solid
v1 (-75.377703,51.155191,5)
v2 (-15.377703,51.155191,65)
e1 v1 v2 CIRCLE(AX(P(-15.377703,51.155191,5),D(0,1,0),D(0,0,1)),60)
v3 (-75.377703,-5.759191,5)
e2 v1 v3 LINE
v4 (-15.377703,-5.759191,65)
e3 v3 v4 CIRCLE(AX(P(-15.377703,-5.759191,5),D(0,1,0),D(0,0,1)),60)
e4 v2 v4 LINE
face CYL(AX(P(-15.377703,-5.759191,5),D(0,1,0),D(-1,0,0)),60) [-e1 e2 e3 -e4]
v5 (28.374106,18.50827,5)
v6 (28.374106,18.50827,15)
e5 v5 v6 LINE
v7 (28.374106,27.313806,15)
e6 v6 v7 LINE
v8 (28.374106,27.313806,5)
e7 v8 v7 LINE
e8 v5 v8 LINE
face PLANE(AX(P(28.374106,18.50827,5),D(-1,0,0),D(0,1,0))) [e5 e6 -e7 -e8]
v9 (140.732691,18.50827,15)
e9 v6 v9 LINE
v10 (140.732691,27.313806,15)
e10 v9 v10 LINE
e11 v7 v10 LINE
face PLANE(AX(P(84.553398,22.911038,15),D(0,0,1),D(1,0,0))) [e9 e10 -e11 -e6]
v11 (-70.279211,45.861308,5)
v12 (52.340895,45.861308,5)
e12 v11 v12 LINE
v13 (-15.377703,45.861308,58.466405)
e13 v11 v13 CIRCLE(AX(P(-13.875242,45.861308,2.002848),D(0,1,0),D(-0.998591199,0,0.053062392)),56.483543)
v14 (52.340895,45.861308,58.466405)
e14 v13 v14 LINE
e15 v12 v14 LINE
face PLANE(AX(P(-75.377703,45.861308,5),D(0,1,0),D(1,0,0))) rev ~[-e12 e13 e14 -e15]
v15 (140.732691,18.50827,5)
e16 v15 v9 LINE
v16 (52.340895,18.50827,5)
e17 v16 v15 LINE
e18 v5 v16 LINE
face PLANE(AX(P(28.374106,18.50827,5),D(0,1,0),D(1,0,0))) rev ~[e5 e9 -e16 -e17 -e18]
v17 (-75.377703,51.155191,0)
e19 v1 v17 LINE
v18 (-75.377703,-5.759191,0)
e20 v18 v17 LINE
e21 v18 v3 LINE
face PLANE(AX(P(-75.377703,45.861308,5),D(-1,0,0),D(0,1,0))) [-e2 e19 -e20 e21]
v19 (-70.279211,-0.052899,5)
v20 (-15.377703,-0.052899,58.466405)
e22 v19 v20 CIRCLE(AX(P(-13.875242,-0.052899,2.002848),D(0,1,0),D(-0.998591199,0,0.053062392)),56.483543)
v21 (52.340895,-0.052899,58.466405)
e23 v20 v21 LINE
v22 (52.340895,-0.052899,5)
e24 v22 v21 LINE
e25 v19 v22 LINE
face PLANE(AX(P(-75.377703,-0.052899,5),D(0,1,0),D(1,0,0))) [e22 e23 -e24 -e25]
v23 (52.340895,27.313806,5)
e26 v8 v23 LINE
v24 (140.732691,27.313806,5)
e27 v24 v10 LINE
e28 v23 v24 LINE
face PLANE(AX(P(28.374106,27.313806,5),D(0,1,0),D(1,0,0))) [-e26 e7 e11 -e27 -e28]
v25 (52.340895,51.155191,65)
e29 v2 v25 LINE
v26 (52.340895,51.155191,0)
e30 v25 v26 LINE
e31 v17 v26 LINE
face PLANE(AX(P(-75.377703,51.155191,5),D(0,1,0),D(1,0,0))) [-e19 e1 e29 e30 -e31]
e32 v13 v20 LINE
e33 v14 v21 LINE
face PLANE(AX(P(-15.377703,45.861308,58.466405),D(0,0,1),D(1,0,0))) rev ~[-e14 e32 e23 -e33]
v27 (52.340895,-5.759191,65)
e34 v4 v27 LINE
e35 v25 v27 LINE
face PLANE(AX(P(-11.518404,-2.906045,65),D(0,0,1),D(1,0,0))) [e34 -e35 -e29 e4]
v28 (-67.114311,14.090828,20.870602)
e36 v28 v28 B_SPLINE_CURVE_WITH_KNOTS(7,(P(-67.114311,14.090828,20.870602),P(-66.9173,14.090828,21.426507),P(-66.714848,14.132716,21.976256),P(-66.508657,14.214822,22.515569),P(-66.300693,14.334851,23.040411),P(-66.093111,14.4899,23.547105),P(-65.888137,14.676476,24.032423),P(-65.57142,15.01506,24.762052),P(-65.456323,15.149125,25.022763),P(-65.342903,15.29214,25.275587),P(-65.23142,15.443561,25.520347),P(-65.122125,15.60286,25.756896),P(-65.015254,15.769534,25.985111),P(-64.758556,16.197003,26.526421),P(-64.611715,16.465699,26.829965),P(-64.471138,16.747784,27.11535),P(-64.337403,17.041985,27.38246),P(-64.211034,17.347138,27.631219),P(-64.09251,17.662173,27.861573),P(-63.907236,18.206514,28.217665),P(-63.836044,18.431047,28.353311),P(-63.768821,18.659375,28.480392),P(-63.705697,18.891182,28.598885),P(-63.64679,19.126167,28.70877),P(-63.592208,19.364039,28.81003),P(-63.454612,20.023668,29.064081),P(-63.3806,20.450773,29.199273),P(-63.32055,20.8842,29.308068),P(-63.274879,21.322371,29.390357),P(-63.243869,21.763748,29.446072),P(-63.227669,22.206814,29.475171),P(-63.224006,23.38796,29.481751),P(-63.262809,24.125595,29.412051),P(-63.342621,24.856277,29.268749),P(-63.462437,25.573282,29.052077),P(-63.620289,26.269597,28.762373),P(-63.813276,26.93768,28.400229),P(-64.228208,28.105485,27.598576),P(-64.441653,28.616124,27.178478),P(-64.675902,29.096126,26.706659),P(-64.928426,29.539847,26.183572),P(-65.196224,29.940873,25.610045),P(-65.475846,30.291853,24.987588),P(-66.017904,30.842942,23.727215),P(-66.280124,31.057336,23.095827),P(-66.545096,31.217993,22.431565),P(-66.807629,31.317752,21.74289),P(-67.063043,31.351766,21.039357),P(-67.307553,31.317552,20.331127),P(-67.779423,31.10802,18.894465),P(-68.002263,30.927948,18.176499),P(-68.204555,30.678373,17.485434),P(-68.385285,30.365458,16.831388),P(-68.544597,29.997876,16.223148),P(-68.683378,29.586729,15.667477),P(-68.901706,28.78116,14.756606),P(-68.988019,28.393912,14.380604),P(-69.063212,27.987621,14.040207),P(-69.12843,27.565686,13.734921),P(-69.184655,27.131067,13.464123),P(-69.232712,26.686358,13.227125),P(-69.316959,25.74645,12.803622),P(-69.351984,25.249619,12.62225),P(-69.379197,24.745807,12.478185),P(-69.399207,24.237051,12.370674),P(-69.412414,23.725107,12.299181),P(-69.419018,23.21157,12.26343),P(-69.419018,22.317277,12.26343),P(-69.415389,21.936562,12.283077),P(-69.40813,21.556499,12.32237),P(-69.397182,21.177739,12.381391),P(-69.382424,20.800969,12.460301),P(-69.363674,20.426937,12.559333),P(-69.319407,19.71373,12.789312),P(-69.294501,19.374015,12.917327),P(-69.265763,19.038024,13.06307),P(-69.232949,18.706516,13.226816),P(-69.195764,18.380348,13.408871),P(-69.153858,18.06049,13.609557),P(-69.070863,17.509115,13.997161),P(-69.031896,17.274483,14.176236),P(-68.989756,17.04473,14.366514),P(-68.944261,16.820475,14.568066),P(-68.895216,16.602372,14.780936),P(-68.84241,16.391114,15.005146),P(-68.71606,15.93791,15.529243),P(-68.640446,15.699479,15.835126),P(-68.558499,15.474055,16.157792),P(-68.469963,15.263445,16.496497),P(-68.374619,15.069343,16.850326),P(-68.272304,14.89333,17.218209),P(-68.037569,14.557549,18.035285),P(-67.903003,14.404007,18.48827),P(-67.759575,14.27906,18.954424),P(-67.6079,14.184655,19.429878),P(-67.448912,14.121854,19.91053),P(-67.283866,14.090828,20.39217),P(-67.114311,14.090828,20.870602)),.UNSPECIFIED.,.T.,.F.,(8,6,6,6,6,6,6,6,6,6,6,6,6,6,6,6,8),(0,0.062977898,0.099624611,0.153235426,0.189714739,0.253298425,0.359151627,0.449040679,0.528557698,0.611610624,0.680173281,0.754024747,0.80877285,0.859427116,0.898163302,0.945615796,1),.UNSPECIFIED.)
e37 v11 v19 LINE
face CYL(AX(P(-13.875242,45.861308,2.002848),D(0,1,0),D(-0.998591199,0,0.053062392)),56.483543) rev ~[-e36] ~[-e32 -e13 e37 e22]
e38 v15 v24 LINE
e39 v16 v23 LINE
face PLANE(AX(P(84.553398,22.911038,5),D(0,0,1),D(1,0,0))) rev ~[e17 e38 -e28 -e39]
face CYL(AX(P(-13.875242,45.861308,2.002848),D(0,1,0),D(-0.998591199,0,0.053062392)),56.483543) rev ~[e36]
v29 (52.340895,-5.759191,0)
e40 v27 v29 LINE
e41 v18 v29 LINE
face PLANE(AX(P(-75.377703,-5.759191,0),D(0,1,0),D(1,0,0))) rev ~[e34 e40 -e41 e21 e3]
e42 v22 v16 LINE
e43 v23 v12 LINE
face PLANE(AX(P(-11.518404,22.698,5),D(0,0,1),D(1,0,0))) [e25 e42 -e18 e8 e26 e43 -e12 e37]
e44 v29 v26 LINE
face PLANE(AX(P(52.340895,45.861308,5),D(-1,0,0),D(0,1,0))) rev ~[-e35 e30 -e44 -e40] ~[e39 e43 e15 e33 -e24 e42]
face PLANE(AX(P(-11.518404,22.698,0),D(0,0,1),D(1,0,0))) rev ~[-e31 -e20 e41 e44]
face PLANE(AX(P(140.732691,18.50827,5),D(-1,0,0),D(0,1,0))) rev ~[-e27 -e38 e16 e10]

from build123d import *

# Parameters (mm, degrees)
F0_W      = 127.7185976505
F0_H      = 56.9143816829
F1_DEPTH  = 5
F2_W      = 127.7185976505
F2_H      = 5.2938833833
F2_H_2    = 5.7062916458
F2_W_2    = 112.358585
F2_H_3    = 8.8055357337
F3_DEPTH  = 60
F4_R      = 60
F6_DEPTH  = 46
F7_R      = 8.607172032
F8_DEPTH  = 20
F9_DEPTH  = 25
F10_DEPTH = 50
F5_W      = 67.7185976505
F5_H      = 6.5335953236
F11_DEPTH = 48


with BuildPart() as f1:
    # F0 (on Top) → F1 (new body)
    with BuildSketch(Plane.XY):
        with Locations((-11.5184038877, 22.6980000734)):
            Rectangle(F0_W, F0_H)
    extrude(amount=F1_DEPTH)

    # F2 (on face) → F3 (join)
    with BuildSketch(Plane.XY.offset(5)):
        with Locations((-11.5184038877, 48.5082492232)):
            Rectangle(F2_W, F2_H)
        with Locations((-11.5184038877, -2.9060449451)):
            Rectangle(F2_W, F2_H_2)
        with Locations((84.5533981919, 22.9110382497)):
            Rectangle(F2_W_2, F2_H_3)
    extrude(amount=F3_DEPTH)

    # F4
    f4_edges = [f1.edges().sort_by_distance(p)[0] for p in [
        (-75.377703, 48.508249, 65),
        (-75.377703, -2.906045, 65),
    ]]
    fillet(f4_edges, radius=F4_R)

    # F5 (on face) → F6 (join)
    with BuildSketch(Plane.XZ.offset(-45.8613075316)):
        with BuildLine():
            Line((-15.377702713, 58.4664046764), (-15.377702713, 65))
            ThreePointArc((-15.377702713, 65), (-57.8041095842, 47.4264068712), (-75.377702713, 5))
            Line((-75.377702713, 5), (-70.2792108059, 5))
            ThreePointArc((-70.2792108059, 5), (-53.2827635395, 42.4681154442), (-15.377702713, 58.4664046764))
        make_face()
    extrude(amount=F6_DEPTH)

    # F7 (on face) → F8 (cut)
    with BuildSketch(Plane(origin=(-75.377702713, 0, 0), x_dir=(0, -1, 0), z_dir=(-1, 0, 0))):
        with Locations((-22.6980000734, 20.8706017584)):
            Circle(F7_R)
    extrude(amount=-F8_DEPTH, mode=Mode.SUBTRACT)

    # F7 (on face) → F9 (cut)
    with BuildSketch(Plane(origin=(-75.377702713, 0, 0), x_dir=(0, -1, 0), z_dir=(-1, 0, 0))):
        with Locations((-22.6980000734, 20.8706017584)):
            Circle(F7_R)
    extrude(amount=-F9_DEPTH, mode=Mode.SUBTRACT)

    # F10 (cut): a face of the model
    f10_faces = [f1.faces().sort_by_distance(p)[0] for p in [
        (84.5533981919, 22.9110382497, 65),
    ]]
    extrude(f10_faces, amount=-F10_DEPTH, mode=Mode.SUBTRACT)

    # F5 (on face) → F11 (join)
    with BuildSketch(Plane.XZ.offset(-45.8613075316)):
        with BuildLine():
            Line((-15.377702713, 58.4664046764), (-15.377702713, 65))
            ThreePointArc((-15.377702713, 65), (-57.8041095842, 47.4264068712), (-75.377702713, 5))
            Line((-75.377702713, 5), (-70.2792108059, 5))
            ThreePointArc((-70.2792108059, 5), (-53.2827635395, 42.4681154442), (-15.377702713, 58.4664046764))
        make_face()
        with Locations((18.4815961123, 61.7332023382)):
            Rectangle(F5_W, F5_H)
    extrude(amount=F11_DEPTH)


solid = f1.part
